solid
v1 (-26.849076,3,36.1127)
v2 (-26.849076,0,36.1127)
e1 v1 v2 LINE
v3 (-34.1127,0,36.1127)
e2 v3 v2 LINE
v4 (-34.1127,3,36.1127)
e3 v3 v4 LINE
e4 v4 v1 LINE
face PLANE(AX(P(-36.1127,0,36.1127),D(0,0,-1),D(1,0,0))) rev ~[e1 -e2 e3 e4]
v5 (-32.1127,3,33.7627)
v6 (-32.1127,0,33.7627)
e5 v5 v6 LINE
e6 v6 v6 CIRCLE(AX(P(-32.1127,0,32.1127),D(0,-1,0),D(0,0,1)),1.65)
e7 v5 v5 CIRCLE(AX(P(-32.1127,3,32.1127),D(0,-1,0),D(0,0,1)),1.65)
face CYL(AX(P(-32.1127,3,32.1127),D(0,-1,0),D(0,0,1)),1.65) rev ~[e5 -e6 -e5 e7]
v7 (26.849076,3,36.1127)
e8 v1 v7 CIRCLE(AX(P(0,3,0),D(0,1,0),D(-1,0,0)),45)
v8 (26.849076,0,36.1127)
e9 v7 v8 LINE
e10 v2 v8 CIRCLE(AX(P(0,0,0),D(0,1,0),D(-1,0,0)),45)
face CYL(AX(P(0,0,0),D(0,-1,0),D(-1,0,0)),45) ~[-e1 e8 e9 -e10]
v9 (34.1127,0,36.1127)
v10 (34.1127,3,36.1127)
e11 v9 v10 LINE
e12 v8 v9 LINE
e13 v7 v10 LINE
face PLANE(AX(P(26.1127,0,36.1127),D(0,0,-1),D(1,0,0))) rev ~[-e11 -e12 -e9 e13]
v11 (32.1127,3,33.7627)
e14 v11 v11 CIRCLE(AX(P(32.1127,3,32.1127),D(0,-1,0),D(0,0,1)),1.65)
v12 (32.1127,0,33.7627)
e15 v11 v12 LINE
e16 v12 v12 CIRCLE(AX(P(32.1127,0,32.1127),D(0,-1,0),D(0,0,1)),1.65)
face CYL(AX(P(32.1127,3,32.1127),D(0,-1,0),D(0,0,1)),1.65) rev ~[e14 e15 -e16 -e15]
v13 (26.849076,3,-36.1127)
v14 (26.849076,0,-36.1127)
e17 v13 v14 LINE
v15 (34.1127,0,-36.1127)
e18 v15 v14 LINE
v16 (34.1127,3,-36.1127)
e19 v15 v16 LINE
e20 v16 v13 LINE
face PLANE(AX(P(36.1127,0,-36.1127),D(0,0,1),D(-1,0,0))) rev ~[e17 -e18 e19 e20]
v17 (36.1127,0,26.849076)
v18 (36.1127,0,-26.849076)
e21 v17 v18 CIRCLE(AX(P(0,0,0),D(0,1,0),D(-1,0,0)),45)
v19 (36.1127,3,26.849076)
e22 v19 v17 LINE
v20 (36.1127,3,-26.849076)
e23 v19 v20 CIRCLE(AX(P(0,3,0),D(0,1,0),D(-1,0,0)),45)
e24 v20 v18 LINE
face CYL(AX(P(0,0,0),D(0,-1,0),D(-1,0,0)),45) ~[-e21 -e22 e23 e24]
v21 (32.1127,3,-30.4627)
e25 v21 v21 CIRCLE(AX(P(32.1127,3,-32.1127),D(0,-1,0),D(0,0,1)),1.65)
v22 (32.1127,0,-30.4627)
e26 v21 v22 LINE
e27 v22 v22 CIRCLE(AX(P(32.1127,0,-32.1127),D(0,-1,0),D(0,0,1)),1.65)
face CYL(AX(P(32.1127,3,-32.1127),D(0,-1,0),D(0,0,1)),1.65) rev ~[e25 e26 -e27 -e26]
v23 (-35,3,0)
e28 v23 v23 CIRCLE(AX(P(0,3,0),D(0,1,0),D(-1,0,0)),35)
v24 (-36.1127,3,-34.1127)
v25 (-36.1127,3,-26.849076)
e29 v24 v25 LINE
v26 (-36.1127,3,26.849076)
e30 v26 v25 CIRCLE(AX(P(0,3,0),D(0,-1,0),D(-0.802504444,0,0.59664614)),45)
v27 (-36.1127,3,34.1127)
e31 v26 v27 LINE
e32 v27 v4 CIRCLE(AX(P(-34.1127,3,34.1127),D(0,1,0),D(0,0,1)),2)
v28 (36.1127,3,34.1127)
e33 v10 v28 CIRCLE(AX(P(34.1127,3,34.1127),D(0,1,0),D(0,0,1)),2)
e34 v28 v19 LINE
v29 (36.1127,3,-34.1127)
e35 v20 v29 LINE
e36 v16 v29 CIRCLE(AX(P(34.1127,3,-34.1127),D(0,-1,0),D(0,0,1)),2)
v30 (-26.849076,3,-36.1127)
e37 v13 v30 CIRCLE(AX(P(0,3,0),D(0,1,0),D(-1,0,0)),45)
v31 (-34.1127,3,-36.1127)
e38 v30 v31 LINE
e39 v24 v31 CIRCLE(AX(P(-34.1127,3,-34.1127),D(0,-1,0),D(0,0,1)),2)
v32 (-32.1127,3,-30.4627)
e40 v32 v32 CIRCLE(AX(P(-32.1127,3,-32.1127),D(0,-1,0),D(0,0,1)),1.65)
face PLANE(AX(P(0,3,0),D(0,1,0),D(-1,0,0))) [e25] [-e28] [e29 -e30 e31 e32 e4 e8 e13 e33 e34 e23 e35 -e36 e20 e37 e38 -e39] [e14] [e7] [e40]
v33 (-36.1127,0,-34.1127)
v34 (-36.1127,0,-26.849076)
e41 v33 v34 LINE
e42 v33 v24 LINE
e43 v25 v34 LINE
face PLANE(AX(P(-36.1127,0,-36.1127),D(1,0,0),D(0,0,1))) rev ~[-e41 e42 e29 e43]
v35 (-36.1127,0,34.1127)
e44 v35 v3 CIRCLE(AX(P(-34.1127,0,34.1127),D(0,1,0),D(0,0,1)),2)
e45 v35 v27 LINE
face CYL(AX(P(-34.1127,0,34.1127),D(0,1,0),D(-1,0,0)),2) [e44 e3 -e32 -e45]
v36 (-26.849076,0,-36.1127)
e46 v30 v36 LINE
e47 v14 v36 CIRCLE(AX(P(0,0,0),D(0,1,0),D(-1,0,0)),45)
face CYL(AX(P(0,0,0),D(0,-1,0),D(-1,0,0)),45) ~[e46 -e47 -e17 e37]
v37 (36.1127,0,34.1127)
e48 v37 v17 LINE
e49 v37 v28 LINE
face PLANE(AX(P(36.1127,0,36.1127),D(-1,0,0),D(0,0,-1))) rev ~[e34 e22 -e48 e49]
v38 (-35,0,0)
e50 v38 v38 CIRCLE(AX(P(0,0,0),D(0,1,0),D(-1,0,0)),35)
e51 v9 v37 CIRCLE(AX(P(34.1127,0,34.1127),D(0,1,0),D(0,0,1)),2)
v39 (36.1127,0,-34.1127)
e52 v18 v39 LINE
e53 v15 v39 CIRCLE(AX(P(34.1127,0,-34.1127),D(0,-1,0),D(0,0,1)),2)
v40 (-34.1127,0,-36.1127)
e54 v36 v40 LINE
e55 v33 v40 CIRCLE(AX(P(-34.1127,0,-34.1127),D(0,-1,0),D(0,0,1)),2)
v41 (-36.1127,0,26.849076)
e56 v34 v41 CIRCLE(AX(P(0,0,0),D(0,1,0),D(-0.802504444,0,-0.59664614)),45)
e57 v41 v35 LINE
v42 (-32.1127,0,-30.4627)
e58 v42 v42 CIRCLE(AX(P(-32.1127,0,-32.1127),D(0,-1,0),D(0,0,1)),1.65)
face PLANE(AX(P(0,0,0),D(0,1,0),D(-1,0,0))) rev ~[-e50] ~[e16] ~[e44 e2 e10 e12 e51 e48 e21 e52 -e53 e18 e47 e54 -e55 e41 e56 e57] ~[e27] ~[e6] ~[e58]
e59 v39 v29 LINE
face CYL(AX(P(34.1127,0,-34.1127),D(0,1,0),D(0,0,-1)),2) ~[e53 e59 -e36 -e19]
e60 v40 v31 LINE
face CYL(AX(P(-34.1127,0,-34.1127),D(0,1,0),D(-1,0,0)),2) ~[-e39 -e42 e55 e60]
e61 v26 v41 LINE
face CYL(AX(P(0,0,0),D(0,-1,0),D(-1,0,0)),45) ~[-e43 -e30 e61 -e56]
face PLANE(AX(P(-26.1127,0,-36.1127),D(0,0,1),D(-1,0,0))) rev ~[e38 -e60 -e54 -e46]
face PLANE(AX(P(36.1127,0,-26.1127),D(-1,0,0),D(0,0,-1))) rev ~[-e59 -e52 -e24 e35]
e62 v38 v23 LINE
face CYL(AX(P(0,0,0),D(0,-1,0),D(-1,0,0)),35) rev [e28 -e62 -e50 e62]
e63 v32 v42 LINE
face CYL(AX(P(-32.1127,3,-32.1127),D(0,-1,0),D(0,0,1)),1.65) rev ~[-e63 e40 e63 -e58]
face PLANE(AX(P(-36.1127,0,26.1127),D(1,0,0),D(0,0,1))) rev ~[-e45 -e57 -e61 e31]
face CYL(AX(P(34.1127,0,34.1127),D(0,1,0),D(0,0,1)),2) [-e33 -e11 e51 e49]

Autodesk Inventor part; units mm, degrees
ref_plane "YZ Plane" through (0, 0, 0) normal (1, 0, 0) x (0, 1, 0)
ref_plane "XZ Plane" through (0, 0, 0) normal (0, 1, 0) x (-1, 0, 0)
ref_plane "XY Plane" through (0, 0, 0) normal (0, 0, 1) x (1, 0, 0)
sketch "Skizze1" plane through (0, 0, 0) normal (0, 1, 0) x (-1, 0, 0)
  circle A0 centre (0, 0) radius 45
  circle A1 centre (0, 0) radius 35
  dimension "d0" = 90
  dimension "d1" = 70
extrude "Extrusion1" add sketch "Skizze1" along normal blind 3
sketch "Skizze6" plane through (0, 0, 0) normal (0, -1, 0) x (1, 0, 0)
  circle A0 centre (0, 0) radius 35 projected
  line L0 (-36.1127, -36.1127) -> (36.1127, -36.1127) construction
  line L1 (36.1127, -36.1127) -> (36.1127, 36.1127) construction
  line L2 (36.1127, 36.1127) -> (-36.1127, 36.1127) construction
  line L3 (-36.1127, 36.1127) -> (-36.1127, -36.1127) construction
  line L4 (-36.1127, -36.1127) -> (36.1127, 36.1127) construction
  line L5 (36.1127, -36.1127) -> (-36.1127, 36.1127) construction
  circle A1 centre (0, 0) radius 45 construction
  line L6 (-26.1127, 26.1127) -> (-36.1127, 26.1127)
  line L7 (-36.1127, 26.1127) -> (-36.1127, 36.1127)
  line L8 (-36.1127, 36.1127) -> (-26.1127, 36.1127)
  line L9 (-26.1127, 36.1127) -> (-26.1127, 26.1127)
  line L10 (-26.1127, 26.1127) -> (-36.1127, 36.1127) construction
  line L11 (-36.1127, 26.1127) -> (-26.1127, 36.1127) construction
  line L12 (-26.1127, -26.1127) -> (-26.1127, -36.1127)
  line L13 (-26.1127, -36.1127) -> (-36.1127, -36.1127)
  line L14 (-36.1127, -36.1127) -> (-36.1127, -26.1127)
  line L15 (-26.1127, -26.1127) -> (-36.1127, -36.1127) construction
  line L16 (-26.1127, -36.1127) -> (-36.1127, -26.1127) construction
  line L17 (-36.1127, -26.1127) -> (-26.1127, -26.1127)
  line L18 (26.1127, -26.1127) -> (36.1127, -26.1127)
  line L19 (36.1127, -26.1127) -> (36.1127, -36.1127)
  line L20 (36.1127, -36.1127) -> (26.1127, -36.1127)
  line L21 (26.1127, -26.1127) -> (36.1127, -36.1127) construction
  line L22 (36.1127, -26.1127) -> (26.1127, -36.1127) construction
  line L23 (26.1127, -36.1127) -> (26.1127, -26.1127)
  line L24 (26.1127, 26.1127) -> (26.1127, 36.1127)
  line L25 (26.1127, 36.1127) -> (36.1127, 36.1127)
  line L26 (36.1127, 36.1127) -> (36.1127, 26.1127)
  line L27 (26.1127, 26.1127) -> (36.1127, 36.1127) construction
  line L28 (26.1127, 36.1127) -> (36.1127, 26.1127) construction
  line L29 (36.1127, 26.1127) -> (26.1127, 26.1127)
  point P0 (-31.1127, 31.1127)
  point P1 (-31.1127, -31.1127)
  point P2 (31.1127, -31.1127)
  point P3 (31.1127, 31.1127)
  dimension "d54" = 44
  dimension "d55" = 10
  dimension "d56" = 10
  dimension "d59" = 360
extrude "Extrusion4" add sketch "Skizze6" against normal blind 3 contours L6 L7 L8 L9 | L12 L13 L14 L17 | L18 L19 L20 L23 | L24 L25 L26 L29
sketch "Skizze7" plane through (0, 3, 0) normal (0, 1, 0) x (1, 0, 0)
  line L0 (-36.1127, -26.8491) -> (-36.1127, -36.1127) projected
  line L1 (-36.1127, -36.1127) -> (-26.8491, -36.1127) projected
  point P0 (0, 0)
  point P1 (-32.1127, -32.1127)
  point P2 (32.1127, -32.1127)
  point P3 (32.1127, 32.1127)
  point P4 (-32.1127, 32.1127)
  dimension "d63" = 4
  dimension "d64" = 4
  dimension "d67" = 360
hole "Bohrung3" at (-32.1127, 3, 32.1127) at (32.1127, 3, 32.1127) at (32.1127, 3, -32.1127) at (-32.1127, 3, -32.1127) direction (0, -1, 0) diameter 3.3 end through all
fillet "Rundung1" radius 2 4 edges at (-36.1127, 1.5, 36.1127) (-36.1127, 1.5, -36.1127) (36.1127, 1.5, 36.1127) (36.1127, 1.5, -36.1127)
properties part number "LED_Ring"
